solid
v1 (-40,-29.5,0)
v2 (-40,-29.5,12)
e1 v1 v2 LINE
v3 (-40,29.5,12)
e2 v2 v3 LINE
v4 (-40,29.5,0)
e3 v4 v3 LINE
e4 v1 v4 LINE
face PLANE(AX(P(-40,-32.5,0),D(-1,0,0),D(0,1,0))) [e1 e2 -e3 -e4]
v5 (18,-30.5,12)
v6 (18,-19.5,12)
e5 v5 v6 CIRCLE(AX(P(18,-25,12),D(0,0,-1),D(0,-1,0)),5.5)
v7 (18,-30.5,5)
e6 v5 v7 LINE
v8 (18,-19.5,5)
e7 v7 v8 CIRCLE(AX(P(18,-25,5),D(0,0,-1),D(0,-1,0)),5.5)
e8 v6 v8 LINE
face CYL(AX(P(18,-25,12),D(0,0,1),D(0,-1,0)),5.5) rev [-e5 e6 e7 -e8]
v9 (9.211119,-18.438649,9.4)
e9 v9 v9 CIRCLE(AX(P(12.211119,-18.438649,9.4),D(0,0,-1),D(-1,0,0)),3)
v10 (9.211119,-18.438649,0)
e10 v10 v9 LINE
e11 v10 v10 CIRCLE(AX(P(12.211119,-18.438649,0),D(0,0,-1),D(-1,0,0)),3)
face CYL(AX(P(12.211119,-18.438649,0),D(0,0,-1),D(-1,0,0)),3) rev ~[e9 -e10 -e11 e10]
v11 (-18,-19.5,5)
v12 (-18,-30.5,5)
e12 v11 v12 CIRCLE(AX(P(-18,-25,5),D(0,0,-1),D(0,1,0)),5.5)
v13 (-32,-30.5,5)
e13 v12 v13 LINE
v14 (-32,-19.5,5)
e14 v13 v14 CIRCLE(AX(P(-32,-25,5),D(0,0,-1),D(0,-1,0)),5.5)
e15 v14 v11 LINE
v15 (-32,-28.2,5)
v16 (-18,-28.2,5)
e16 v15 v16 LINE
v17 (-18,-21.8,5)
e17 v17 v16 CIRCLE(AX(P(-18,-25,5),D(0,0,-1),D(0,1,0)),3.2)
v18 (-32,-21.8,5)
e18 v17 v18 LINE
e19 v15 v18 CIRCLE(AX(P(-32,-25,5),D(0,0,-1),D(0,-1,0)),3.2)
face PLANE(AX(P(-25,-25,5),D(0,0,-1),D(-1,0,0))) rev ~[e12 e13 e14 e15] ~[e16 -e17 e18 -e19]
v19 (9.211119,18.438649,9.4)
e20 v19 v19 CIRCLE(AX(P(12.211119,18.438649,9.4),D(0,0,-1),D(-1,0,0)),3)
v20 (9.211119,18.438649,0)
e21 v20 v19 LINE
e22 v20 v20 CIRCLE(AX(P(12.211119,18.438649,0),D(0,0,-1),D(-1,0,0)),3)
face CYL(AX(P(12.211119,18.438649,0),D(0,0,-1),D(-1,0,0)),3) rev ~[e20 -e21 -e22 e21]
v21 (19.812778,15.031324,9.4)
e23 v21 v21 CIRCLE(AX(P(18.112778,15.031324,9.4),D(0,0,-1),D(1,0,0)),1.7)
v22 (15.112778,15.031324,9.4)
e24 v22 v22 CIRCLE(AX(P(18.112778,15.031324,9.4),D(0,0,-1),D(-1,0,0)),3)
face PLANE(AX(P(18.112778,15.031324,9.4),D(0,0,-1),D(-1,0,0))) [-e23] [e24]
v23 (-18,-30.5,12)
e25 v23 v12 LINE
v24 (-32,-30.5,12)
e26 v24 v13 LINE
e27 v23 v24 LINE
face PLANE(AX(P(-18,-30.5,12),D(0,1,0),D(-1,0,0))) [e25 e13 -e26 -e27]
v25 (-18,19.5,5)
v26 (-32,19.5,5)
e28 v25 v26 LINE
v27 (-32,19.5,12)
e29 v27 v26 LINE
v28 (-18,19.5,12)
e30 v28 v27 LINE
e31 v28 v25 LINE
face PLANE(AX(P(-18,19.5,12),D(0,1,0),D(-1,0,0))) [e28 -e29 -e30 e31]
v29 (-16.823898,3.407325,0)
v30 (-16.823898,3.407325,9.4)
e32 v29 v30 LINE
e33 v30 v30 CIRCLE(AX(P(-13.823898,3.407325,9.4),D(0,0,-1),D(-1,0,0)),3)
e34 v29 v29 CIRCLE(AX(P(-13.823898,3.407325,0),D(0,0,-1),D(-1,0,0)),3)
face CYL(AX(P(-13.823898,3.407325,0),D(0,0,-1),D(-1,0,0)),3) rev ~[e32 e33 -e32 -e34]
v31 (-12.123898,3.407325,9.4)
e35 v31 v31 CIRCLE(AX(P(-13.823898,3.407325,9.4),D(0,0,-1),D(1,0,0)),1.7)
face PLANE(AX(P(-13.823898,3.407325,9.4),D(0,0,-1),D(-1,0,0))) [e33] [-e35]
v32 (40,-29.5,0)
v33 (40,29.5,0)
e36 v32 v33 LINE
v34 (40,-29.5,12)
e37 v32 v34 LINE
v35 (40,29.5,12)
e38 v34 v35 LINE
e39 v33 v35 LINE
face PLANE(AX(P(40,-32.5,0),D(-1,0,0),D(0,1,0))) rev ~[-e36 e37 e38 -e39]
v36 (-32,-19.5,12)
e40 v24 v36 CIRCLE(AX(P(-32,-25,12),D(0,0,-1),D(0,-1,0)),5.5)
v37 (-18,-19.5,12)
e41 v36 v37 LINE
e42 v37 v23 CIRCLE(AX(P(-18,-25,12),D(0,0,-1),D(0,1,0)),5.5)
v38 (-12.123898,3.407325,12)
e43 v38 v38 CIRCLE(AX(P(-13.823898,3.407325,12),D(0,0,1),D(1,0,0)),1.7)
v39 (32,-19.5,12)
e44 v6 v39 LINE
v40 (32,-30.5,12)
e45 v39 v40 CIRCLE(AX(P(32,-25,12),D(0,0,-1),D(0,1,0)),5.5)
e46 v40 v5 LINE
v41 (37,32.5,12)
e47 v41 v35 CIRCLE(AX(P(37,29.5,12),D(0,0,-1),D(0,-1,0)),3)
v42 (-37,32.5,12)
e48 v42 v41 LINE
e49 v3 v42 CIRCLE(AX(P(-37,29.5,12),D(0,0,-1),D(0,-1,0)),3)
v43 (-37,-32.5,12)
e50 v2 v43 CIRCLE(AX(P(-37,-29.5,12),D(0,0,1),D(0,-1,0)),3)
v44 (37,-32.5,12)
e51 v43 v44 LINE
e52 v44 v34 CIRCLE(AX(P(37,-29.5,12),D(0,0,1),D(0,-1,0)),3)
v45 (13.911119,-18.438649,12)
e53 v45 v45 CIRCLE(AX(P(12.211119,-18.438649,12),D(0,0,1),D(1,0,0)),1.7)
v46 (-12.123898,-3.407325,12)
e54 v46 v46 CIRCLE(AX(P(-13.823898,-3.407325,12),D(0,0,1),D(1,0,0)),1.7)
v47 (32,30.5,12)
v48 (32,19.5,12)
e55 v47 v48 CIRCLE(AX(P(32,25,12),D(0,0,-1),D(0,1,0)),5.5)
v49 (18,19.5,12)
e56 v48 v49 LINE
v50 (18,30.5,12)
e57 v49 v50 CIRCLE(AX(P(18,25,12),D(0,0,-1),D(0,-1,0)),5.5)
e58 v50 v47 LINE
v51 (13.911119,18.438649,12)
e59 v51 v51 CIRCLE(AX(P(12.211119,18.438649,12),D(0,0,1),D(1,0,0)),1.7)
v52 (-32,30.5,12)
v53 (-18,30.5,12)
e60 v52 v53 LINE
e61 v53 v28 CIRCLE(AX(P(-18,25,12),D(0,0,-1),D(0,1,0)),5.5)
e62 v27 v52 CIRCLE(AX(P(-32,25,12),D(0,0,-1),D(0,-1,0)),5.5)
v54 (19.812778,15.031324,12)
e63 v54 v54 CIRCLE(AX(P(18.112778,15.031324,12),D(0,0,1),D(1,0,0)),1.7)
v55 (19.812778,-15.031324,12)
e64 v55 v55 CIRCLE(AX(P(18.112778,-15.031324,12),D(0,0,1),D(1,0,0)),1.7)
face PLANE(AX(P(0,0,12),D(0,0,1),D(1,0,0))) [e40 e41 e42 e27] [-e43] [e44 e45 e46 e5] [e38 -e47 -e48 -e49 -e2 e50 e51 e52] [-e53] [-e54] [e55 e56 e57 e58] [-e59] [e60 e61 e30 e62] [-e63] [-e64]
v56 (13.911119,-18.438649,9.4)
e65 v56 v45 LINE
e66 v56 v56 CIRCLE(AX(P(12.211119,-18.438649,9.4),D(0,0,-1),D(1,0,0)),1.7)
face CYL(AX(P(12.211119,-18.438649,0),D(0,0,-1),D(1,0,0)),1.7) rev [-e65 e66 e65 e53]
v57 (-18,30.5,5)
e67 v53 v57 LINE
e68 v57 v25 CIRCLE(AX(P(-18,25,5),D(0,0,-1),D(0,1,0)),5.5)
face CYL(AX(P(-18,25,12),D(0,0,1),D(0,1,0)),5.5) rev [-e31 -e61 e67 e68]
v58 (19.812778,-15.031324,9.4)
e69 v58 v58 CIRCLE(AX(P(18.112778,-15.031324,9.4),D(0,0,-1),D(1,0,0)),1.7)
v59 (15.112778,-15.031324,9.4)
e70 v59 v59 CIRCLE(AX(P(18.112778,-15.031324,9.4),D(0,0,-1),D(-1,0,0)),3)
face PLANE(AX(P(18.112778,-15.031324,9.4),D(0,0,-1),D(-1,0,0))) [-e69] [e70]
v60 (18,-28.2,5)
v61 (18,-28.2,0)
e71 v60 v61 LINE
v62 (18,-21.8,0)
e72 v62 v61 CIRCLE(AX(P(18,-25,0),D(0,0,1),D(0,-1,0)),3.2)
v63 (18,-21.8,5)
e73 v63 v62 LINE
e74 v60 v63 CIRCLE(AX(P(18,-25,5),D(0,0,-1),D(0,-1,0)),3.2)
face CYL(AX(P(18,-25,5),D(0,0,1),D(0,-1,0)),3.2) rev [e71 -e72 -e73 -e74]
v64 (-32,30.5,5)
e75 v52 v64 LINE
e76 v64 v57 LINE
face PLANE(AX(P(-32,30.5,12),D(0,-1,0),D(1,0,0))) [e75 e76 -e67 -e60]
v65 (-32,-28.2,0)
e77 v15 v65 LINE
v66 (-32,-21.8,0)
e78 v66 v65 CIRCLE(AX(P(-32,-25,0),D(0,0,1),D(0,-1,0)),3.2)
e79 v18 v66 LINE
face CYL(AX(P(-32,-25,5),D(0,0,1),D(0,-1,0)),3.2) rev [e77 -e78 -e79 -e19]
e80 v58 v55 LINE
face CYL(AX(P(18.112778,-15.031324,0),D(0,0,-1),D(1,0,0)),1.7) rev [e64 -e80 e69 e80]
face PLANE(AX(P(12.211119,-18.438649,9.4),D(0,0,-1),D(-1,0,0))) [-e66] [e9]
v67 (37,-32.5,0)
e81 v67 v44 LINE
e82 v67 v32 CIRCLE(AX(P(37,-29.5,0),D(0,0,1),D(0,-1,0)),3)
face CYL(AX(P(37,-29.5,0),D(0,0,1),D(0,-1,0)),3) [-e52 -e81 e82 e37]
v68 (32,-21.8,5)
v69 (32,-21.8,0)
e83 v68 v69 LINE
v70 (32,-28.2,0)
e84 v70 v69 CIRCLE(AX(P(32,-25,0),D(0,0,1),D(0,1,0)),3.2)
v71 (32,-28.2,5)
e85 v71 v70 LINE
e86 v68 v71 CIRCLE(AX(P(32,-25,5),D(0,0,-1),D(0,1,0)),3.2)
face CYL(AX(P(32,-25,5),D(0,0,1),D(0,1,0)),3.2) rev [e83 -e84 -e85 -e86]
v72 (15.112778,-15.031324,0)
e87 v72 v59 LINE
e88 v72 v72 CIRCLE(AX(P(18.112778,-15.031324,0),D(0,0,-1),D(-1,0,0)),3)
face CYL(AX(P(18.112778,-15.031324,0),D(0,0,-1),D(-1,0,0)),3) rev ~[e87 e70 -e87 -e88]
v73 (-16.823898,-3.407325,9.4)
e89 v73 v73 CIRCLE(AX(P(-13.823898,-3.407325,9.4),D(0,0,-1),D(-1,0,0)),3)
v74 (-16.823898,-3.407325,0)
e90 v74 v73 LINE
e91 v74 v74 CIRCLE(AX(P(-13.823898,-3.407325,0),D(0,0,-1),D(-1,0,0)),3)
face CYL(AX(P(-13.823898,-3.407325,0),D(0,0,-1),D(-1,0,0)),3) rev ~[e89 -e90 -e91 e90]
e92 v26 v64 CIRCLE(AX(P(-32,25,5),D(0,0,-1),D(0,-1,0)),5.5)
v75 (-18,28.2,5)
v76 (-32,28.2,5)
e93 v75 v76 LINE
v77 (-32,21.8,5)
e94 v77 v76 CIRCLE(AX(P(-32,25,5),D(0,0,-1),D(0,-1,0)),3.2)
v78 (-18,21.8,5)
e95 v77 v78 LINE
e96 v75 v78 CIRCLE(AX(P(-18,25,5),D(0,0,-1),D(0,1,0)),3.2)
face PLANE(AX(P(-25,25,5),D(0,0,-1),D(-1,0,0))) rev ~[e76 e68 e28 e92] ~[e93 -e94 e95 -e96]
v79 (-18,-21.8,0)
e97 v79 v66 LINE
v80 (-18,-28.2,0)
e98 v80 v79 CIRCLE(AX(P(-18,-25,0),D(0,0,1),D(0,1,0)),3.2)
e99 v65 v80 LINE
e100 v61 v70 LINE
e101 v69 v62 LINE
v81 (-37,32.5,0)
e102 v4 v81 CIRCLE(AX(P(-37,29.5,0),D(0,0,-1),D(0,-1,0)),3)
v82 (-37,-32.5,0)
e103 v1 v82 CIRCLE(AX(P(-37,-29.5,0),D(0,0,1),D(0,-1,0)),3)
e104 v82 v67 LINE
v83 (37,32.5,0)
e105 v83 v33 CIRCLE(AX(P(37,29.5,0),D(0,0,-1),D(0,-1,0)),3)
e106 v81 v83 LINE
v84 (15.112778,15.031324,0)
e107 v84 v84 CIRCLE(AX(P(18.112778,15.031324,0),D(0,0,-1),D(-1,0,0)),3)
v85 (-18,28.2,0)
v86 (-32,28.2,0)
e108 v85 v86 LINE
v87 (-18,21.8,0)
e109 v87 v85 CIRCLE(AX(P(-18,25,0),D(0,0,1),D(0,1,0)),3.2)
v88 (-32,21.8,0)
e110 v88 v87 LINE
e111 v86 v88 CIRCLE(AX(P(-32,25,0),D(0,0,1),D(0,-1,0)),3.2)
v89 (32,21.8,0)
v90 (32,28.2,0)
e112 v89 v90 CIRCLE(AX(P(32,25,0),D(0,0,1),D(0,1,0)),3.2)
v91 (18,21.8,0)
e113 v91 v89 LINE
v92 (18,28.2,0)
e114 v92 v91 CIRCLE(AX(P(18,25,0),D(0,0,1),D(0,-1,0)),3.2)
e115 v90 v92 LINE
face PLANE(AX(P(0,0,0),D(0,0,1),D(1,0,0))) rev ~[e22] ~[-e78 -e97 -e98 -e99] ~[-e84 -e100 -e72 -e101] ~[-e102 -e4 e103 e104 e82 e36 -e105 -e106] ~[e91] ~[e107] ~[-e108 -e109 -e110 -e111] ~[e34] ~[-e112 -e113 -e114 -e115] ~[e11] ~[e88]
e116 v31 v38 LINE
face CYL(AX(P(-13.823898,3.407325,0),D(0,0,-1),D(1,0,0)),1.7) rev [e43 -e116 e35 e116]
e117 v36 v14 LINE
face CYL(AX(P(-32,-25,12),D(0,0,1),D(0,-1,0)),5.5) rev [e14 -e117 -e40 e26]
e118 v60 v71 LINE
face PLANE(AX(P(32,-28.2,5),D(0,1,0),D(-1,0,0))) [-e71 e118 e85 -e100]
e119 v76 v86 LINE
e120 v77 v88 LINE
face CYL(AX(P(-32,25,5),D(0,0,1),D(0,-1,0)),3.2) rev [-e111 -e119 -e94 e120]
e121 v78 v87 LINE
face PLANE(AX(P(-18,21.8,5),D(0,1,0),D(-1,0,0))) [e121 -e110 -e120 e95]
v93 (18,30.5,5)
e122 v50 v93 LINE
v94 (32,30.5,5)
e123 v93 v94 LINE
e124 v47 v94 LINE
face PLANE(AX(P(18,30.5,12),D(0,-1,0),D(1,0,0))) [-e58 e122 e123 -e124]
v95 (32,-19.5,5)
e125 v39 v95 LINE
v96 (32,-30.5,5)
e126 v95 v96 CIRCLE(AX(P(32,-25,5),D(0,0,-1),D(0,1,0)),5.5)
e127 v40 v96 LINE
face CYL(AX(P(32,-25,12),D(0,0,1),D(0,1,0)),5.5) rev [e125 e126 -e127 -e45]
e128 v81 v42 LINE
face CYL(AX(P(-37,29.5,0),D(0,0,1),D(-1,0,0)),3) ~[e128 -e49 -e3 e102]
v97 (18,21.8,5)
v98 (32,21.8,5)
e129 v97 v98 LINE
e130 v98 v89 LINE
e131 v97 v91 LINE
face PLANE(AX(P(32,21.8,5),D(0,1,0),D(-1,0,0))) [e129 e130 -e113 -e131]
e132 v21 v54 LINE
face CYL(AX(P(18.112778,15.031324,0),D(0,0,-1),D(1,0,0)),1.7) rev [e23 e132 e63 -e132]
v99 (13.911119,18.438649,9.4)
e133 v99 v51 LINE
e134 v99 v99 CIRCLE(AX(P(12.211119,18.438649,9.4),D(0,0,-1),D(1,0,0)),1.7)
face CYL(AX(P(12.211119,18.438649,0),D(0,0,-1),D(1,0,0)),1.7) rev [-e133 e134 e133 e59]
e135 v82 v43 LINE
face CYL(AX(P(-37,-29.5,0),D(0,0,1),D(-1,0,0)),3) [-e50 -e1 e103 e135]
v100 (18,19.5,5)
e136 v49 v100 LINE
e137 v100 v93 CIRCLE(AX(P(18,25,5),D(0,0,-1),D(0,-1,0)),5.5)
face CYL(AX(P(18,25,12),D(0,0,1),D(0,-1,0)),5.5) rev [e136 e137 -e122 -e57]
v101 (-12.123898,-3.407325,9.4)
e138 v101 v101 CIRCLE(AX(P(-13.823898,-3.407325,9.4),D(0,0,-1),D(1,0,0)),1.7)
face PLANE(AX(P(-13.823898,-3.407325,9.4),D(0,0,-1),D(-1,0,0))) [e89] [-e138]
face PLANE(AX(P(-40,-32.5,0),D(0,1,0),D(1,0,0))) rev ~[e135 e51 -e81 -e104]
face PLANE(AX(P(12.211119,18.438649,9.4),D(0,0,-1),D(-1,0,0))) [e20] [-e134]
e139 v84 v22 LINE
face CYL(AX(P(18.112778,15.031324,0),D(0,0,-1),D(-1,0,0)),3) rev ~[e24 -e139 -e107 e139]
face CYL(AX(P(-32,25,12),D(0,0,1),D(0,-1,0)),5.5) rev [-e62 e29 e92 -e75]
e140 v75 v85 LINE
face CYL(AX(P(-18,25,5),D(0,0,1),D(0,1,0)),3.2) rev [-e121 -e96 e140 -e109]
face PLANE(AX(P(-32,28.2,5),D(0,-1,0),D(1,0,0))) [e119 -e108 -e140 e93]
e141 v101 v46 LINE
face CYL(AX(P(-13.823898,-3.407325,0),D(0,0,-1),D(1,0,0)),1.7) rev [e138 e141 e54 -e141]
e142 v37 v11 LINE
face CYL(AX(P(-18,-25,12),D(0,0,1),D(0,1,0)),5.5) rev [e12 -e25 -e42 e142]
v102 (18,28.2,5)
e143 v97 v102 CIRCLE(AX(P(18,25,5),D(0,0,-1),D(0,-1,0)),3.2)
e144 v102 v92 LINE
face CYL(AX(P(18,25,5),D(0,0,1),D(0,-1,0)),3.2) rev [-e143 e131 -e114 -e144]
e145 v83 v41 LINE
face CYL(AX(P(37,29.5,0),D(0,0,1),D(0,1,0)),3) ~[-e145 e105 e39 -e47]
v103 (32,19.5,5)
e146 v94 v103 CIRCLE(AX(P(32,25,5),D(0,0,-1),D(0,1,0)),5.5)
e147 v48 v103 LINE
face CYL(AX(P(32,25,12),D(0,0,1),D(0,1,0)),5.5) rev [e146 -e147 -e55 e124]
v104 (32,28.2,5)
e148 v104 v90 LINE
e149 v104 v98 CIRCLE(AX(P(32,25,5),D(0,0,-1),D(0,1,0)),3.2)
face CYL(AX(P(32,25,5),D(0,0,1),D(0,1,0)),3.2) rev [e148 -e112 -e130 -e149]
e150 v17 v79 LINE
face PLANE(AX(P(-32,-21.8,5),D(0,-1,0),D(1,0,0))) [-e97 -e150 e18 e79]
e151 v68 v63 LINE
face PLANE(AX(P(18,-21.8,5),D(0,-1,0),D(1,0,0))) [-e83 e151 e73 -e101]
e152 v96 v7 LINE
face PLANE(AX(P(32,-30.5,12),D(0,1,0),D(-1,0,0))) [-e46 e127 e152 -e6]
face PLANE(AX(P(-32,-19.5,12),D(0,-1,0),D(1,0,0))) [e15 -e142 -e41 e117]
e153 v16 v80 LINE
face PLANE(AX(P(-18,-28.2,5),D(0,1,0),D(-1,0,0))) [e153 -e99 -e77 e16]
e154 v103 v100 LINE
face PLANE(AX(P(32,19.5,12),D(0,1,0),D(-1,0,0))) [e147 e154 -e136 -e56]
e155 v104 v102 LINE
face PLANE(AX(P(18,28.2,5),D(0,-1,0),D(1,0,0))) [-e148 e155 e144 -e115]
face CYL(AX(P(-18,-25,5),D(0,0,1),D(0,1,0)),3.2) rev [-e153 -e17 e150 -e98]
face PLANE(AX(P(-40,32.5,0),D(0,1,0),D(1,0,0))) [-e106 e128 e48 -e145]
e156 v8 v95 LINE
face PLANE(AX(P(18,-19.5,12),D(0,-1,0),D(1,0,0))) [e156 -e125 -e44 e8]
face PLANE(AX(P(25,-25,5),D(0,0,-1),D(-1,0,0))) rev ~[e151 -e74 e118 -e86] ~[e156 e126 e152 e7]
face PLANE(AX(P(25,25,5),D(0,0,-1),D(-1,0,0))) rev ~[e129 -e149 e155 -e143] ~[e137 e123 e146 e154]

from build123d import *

# Parameters (mm, degrees)
SKETCH_1_W          = 80
SKETCH_1_H          = 65
SKETCH_1_R          = 1.7
SKETCH_1_R_2        = 3.2
EXTRUDE_1_DEPTH     = 12
SKETCH_2_R          = 3
CUT_EXTRUDE_1_DEPTH = 9.4
FILLET_1_R          = 3
CUT_EXTRUDE_2_DEPTH = 7
CUT_EXTRUDE_3_DEPTH = 53.012017842


with BuildPart() as part:
    # 스케치1 → 보스-돌출1 (new body)
    with BuildSketch(Plane.XY):
        Rectangle(SKETCH_1_W, SKETCH_1_H)
        with Locations((-13.82389773, -3.407324542)):
            Circle(SKETCH_1_R, mode=Mode.SUBTRACT)
        with Locations((-13.82389773, 3.407324542)):
            Circle(SKETCH_1_R, mode=Mode.SUBTRACT)
        with Locations((18.112778477, 15.031324063)):
            Circle(SKETCH_1_R, mode=Mode.SUBTRACT)
        with Locations((12.211119252, 18.438648605)):
            Circle(SKETCH_1_R, mode=Mode.SUBTRACT)
        with Locations((12.211119252, -18.438648605)):
            Circle(SKETCH_1_R, mode=Mode.SUBTRACT)
        with Locations((18.112778477, -15.031324063)):
            Circle(SKETCH_1_R, mode=Mode.SUBTRACT)
        with Locations((25, -25)):
            Circle(SKETCH_1_R_2, mode=Mode.SUBTRACT)
        with Locations((25, 25)):
            Circle(SKETCH_1_R_2, mode=Mode.SUBTRACT)
        with Locations((-25, 25)):
            Circle(SKETCH_1_R_2, mode=Mode.SUBTRACT)
        with Locations((-25, -25)):
            Circle(SKETCH_1_R_2, mode=Mode.SUBTRACT)
    extrude(amount=EXTRUDE_1_DEPTH)

    # 스케치2 → 컷-돌출1 (cut)
    with BuildSketch(Plane(origin=(0, 0, 0), x_dir=(-1, 0, 0), z_dir=(0, 0, -1))):
        with Locations((-12.211119252, 18.438648605)):
            Circle(SKETCH_2_R)
        with Locations((-18.112778477, 15.031324063)):
            Circle(SKETCH_2_R)
        with Locations((-12.211119252, -18.438648605)):
            Circle(SKETCH_2_R)
        with Locations((-18.112778477, -15.031324063)):
            Circle(SKETCH_2_R)
        with Locations((13.82389773, -3.407324542)):
            Circle(SKETCH_2_R)
        with Locations((13.82389773, 3.407324542)):
            Circle(SKETCH_2_R)
    extrude(amount=-CUT_EXTRUDE_1_DEPTH, mode=Mode.SUBTRACT)

    # 필렛1
    fillet_1_edges = [part.edges().sort_by_distance(p)[0] for p in [
        (40, 32.5, 6),
        (40, -32.5, 6),
        (-40, -32.5, 6),
        (-40, 32.5, 6),
    ]]
    fillet(fillet_1_edges, radius=FILLET_1_R)

    # 스케치3 → 컷-돌출2 (cut)
    with BuildSketch(Plane.XY.offset(12)):
        with BuildLine():
            Line((-32, 30.5), (-18, 30.5))
            ThreePointArc((-18, 30.5), (-12.5, 25), (-18, 19.5))
            Line((-18, 19.5), (-32, 19.5))
            ThreePointArc((-32, 19.5), (-37.5, 25), (-32, 30.5))
        make_face()
        with BuildLine():
            Line((32, 19.5), (18, 19.5))
            ThreePointArc((18, 19.5), (12.5, 25), (18, 30.5))
            Line((18, 30.5), (32, 30.5))
            ThreePointArc((32, 30.5), (37.5, 25), (32, 19.5))
        make_face()
        with BuildLine():
            Line((32, -30.5), (18, -30.5))
            ThreePointArc((18, -30.5), (12.5, -25), (18, -19.5))
            Line((18, -19.5), (32, -19.5))
            ThreePointArc((32, -19.5), (37.5, -25), (32, -30.5))
        make_face()
        with BuildLine():
            Line((-32, -19.5), (-18, -19.5))
            ThreePointArc((-18, -19.5), (-12.5, -25), (-18, -30.5))
            Line((-18, -30.5), (-32, -30.5))
            ThreePointArc((-32, -30.5), (-37.5, -25), (-32, -19.5))
        make_face()
    extrude(amount=-CUT_EXTRUDE_2_DEPTH, mode=Mode.SUBTRACT)

    # 스케치4 → 컷-돌출3 (cut, through all)
    with BuildSketch(Plane.XY.offset(5)):
        with BuildLine():
            Line((-32, 28.2), (-18, 28.2))
            ThreePointArc((-18, 28.2), (-14.8, 25), (-18, 21.8))
            Line((-18, 21.8), (-32, 21.8))
            ThreePointArc((-32, 21.8), (-35.2, 25), (-32, 28.2))
        make_face()
        with BuildLine():
            Line((18, 28.2), (32, 28.2))
            ThreePointArc((32, 28.2), (35.2, 25), (32, 21.8))
            Line((32, 21.8), (18, 21.8))
            ThreePointArc((18, 21.8), (14.8, 25), (18, 28.2))
        make_face()
        with BuildLine():
            Line((32, -28.2), (18, -28.2))
            ThreePointArc((18, -28.2), (14.8, -25), (18, -21.8))
            Line((18, -21.8), (32, -21.8))
            ThreePointArc((32, -21.8), (35.2, -25), (32, -28.2))
        make_face()
        with BuildLine():
            Line((-32, -21.8), (-18, -21.8))
            ThreePointArc((-18, -21.8), (-14.8, -25), (-18, -28.2))
            Line((-18, -28.2), (-32, -28.2))
            ThreePointArc((-32, -28.2), (-35.2, -25), (-32, -21.8))
        make_face()
    extrude(amount=-CUT_EXTRUDE_3_DEPTH, mode=Mode.SUBTRACT)


solid = part.part
